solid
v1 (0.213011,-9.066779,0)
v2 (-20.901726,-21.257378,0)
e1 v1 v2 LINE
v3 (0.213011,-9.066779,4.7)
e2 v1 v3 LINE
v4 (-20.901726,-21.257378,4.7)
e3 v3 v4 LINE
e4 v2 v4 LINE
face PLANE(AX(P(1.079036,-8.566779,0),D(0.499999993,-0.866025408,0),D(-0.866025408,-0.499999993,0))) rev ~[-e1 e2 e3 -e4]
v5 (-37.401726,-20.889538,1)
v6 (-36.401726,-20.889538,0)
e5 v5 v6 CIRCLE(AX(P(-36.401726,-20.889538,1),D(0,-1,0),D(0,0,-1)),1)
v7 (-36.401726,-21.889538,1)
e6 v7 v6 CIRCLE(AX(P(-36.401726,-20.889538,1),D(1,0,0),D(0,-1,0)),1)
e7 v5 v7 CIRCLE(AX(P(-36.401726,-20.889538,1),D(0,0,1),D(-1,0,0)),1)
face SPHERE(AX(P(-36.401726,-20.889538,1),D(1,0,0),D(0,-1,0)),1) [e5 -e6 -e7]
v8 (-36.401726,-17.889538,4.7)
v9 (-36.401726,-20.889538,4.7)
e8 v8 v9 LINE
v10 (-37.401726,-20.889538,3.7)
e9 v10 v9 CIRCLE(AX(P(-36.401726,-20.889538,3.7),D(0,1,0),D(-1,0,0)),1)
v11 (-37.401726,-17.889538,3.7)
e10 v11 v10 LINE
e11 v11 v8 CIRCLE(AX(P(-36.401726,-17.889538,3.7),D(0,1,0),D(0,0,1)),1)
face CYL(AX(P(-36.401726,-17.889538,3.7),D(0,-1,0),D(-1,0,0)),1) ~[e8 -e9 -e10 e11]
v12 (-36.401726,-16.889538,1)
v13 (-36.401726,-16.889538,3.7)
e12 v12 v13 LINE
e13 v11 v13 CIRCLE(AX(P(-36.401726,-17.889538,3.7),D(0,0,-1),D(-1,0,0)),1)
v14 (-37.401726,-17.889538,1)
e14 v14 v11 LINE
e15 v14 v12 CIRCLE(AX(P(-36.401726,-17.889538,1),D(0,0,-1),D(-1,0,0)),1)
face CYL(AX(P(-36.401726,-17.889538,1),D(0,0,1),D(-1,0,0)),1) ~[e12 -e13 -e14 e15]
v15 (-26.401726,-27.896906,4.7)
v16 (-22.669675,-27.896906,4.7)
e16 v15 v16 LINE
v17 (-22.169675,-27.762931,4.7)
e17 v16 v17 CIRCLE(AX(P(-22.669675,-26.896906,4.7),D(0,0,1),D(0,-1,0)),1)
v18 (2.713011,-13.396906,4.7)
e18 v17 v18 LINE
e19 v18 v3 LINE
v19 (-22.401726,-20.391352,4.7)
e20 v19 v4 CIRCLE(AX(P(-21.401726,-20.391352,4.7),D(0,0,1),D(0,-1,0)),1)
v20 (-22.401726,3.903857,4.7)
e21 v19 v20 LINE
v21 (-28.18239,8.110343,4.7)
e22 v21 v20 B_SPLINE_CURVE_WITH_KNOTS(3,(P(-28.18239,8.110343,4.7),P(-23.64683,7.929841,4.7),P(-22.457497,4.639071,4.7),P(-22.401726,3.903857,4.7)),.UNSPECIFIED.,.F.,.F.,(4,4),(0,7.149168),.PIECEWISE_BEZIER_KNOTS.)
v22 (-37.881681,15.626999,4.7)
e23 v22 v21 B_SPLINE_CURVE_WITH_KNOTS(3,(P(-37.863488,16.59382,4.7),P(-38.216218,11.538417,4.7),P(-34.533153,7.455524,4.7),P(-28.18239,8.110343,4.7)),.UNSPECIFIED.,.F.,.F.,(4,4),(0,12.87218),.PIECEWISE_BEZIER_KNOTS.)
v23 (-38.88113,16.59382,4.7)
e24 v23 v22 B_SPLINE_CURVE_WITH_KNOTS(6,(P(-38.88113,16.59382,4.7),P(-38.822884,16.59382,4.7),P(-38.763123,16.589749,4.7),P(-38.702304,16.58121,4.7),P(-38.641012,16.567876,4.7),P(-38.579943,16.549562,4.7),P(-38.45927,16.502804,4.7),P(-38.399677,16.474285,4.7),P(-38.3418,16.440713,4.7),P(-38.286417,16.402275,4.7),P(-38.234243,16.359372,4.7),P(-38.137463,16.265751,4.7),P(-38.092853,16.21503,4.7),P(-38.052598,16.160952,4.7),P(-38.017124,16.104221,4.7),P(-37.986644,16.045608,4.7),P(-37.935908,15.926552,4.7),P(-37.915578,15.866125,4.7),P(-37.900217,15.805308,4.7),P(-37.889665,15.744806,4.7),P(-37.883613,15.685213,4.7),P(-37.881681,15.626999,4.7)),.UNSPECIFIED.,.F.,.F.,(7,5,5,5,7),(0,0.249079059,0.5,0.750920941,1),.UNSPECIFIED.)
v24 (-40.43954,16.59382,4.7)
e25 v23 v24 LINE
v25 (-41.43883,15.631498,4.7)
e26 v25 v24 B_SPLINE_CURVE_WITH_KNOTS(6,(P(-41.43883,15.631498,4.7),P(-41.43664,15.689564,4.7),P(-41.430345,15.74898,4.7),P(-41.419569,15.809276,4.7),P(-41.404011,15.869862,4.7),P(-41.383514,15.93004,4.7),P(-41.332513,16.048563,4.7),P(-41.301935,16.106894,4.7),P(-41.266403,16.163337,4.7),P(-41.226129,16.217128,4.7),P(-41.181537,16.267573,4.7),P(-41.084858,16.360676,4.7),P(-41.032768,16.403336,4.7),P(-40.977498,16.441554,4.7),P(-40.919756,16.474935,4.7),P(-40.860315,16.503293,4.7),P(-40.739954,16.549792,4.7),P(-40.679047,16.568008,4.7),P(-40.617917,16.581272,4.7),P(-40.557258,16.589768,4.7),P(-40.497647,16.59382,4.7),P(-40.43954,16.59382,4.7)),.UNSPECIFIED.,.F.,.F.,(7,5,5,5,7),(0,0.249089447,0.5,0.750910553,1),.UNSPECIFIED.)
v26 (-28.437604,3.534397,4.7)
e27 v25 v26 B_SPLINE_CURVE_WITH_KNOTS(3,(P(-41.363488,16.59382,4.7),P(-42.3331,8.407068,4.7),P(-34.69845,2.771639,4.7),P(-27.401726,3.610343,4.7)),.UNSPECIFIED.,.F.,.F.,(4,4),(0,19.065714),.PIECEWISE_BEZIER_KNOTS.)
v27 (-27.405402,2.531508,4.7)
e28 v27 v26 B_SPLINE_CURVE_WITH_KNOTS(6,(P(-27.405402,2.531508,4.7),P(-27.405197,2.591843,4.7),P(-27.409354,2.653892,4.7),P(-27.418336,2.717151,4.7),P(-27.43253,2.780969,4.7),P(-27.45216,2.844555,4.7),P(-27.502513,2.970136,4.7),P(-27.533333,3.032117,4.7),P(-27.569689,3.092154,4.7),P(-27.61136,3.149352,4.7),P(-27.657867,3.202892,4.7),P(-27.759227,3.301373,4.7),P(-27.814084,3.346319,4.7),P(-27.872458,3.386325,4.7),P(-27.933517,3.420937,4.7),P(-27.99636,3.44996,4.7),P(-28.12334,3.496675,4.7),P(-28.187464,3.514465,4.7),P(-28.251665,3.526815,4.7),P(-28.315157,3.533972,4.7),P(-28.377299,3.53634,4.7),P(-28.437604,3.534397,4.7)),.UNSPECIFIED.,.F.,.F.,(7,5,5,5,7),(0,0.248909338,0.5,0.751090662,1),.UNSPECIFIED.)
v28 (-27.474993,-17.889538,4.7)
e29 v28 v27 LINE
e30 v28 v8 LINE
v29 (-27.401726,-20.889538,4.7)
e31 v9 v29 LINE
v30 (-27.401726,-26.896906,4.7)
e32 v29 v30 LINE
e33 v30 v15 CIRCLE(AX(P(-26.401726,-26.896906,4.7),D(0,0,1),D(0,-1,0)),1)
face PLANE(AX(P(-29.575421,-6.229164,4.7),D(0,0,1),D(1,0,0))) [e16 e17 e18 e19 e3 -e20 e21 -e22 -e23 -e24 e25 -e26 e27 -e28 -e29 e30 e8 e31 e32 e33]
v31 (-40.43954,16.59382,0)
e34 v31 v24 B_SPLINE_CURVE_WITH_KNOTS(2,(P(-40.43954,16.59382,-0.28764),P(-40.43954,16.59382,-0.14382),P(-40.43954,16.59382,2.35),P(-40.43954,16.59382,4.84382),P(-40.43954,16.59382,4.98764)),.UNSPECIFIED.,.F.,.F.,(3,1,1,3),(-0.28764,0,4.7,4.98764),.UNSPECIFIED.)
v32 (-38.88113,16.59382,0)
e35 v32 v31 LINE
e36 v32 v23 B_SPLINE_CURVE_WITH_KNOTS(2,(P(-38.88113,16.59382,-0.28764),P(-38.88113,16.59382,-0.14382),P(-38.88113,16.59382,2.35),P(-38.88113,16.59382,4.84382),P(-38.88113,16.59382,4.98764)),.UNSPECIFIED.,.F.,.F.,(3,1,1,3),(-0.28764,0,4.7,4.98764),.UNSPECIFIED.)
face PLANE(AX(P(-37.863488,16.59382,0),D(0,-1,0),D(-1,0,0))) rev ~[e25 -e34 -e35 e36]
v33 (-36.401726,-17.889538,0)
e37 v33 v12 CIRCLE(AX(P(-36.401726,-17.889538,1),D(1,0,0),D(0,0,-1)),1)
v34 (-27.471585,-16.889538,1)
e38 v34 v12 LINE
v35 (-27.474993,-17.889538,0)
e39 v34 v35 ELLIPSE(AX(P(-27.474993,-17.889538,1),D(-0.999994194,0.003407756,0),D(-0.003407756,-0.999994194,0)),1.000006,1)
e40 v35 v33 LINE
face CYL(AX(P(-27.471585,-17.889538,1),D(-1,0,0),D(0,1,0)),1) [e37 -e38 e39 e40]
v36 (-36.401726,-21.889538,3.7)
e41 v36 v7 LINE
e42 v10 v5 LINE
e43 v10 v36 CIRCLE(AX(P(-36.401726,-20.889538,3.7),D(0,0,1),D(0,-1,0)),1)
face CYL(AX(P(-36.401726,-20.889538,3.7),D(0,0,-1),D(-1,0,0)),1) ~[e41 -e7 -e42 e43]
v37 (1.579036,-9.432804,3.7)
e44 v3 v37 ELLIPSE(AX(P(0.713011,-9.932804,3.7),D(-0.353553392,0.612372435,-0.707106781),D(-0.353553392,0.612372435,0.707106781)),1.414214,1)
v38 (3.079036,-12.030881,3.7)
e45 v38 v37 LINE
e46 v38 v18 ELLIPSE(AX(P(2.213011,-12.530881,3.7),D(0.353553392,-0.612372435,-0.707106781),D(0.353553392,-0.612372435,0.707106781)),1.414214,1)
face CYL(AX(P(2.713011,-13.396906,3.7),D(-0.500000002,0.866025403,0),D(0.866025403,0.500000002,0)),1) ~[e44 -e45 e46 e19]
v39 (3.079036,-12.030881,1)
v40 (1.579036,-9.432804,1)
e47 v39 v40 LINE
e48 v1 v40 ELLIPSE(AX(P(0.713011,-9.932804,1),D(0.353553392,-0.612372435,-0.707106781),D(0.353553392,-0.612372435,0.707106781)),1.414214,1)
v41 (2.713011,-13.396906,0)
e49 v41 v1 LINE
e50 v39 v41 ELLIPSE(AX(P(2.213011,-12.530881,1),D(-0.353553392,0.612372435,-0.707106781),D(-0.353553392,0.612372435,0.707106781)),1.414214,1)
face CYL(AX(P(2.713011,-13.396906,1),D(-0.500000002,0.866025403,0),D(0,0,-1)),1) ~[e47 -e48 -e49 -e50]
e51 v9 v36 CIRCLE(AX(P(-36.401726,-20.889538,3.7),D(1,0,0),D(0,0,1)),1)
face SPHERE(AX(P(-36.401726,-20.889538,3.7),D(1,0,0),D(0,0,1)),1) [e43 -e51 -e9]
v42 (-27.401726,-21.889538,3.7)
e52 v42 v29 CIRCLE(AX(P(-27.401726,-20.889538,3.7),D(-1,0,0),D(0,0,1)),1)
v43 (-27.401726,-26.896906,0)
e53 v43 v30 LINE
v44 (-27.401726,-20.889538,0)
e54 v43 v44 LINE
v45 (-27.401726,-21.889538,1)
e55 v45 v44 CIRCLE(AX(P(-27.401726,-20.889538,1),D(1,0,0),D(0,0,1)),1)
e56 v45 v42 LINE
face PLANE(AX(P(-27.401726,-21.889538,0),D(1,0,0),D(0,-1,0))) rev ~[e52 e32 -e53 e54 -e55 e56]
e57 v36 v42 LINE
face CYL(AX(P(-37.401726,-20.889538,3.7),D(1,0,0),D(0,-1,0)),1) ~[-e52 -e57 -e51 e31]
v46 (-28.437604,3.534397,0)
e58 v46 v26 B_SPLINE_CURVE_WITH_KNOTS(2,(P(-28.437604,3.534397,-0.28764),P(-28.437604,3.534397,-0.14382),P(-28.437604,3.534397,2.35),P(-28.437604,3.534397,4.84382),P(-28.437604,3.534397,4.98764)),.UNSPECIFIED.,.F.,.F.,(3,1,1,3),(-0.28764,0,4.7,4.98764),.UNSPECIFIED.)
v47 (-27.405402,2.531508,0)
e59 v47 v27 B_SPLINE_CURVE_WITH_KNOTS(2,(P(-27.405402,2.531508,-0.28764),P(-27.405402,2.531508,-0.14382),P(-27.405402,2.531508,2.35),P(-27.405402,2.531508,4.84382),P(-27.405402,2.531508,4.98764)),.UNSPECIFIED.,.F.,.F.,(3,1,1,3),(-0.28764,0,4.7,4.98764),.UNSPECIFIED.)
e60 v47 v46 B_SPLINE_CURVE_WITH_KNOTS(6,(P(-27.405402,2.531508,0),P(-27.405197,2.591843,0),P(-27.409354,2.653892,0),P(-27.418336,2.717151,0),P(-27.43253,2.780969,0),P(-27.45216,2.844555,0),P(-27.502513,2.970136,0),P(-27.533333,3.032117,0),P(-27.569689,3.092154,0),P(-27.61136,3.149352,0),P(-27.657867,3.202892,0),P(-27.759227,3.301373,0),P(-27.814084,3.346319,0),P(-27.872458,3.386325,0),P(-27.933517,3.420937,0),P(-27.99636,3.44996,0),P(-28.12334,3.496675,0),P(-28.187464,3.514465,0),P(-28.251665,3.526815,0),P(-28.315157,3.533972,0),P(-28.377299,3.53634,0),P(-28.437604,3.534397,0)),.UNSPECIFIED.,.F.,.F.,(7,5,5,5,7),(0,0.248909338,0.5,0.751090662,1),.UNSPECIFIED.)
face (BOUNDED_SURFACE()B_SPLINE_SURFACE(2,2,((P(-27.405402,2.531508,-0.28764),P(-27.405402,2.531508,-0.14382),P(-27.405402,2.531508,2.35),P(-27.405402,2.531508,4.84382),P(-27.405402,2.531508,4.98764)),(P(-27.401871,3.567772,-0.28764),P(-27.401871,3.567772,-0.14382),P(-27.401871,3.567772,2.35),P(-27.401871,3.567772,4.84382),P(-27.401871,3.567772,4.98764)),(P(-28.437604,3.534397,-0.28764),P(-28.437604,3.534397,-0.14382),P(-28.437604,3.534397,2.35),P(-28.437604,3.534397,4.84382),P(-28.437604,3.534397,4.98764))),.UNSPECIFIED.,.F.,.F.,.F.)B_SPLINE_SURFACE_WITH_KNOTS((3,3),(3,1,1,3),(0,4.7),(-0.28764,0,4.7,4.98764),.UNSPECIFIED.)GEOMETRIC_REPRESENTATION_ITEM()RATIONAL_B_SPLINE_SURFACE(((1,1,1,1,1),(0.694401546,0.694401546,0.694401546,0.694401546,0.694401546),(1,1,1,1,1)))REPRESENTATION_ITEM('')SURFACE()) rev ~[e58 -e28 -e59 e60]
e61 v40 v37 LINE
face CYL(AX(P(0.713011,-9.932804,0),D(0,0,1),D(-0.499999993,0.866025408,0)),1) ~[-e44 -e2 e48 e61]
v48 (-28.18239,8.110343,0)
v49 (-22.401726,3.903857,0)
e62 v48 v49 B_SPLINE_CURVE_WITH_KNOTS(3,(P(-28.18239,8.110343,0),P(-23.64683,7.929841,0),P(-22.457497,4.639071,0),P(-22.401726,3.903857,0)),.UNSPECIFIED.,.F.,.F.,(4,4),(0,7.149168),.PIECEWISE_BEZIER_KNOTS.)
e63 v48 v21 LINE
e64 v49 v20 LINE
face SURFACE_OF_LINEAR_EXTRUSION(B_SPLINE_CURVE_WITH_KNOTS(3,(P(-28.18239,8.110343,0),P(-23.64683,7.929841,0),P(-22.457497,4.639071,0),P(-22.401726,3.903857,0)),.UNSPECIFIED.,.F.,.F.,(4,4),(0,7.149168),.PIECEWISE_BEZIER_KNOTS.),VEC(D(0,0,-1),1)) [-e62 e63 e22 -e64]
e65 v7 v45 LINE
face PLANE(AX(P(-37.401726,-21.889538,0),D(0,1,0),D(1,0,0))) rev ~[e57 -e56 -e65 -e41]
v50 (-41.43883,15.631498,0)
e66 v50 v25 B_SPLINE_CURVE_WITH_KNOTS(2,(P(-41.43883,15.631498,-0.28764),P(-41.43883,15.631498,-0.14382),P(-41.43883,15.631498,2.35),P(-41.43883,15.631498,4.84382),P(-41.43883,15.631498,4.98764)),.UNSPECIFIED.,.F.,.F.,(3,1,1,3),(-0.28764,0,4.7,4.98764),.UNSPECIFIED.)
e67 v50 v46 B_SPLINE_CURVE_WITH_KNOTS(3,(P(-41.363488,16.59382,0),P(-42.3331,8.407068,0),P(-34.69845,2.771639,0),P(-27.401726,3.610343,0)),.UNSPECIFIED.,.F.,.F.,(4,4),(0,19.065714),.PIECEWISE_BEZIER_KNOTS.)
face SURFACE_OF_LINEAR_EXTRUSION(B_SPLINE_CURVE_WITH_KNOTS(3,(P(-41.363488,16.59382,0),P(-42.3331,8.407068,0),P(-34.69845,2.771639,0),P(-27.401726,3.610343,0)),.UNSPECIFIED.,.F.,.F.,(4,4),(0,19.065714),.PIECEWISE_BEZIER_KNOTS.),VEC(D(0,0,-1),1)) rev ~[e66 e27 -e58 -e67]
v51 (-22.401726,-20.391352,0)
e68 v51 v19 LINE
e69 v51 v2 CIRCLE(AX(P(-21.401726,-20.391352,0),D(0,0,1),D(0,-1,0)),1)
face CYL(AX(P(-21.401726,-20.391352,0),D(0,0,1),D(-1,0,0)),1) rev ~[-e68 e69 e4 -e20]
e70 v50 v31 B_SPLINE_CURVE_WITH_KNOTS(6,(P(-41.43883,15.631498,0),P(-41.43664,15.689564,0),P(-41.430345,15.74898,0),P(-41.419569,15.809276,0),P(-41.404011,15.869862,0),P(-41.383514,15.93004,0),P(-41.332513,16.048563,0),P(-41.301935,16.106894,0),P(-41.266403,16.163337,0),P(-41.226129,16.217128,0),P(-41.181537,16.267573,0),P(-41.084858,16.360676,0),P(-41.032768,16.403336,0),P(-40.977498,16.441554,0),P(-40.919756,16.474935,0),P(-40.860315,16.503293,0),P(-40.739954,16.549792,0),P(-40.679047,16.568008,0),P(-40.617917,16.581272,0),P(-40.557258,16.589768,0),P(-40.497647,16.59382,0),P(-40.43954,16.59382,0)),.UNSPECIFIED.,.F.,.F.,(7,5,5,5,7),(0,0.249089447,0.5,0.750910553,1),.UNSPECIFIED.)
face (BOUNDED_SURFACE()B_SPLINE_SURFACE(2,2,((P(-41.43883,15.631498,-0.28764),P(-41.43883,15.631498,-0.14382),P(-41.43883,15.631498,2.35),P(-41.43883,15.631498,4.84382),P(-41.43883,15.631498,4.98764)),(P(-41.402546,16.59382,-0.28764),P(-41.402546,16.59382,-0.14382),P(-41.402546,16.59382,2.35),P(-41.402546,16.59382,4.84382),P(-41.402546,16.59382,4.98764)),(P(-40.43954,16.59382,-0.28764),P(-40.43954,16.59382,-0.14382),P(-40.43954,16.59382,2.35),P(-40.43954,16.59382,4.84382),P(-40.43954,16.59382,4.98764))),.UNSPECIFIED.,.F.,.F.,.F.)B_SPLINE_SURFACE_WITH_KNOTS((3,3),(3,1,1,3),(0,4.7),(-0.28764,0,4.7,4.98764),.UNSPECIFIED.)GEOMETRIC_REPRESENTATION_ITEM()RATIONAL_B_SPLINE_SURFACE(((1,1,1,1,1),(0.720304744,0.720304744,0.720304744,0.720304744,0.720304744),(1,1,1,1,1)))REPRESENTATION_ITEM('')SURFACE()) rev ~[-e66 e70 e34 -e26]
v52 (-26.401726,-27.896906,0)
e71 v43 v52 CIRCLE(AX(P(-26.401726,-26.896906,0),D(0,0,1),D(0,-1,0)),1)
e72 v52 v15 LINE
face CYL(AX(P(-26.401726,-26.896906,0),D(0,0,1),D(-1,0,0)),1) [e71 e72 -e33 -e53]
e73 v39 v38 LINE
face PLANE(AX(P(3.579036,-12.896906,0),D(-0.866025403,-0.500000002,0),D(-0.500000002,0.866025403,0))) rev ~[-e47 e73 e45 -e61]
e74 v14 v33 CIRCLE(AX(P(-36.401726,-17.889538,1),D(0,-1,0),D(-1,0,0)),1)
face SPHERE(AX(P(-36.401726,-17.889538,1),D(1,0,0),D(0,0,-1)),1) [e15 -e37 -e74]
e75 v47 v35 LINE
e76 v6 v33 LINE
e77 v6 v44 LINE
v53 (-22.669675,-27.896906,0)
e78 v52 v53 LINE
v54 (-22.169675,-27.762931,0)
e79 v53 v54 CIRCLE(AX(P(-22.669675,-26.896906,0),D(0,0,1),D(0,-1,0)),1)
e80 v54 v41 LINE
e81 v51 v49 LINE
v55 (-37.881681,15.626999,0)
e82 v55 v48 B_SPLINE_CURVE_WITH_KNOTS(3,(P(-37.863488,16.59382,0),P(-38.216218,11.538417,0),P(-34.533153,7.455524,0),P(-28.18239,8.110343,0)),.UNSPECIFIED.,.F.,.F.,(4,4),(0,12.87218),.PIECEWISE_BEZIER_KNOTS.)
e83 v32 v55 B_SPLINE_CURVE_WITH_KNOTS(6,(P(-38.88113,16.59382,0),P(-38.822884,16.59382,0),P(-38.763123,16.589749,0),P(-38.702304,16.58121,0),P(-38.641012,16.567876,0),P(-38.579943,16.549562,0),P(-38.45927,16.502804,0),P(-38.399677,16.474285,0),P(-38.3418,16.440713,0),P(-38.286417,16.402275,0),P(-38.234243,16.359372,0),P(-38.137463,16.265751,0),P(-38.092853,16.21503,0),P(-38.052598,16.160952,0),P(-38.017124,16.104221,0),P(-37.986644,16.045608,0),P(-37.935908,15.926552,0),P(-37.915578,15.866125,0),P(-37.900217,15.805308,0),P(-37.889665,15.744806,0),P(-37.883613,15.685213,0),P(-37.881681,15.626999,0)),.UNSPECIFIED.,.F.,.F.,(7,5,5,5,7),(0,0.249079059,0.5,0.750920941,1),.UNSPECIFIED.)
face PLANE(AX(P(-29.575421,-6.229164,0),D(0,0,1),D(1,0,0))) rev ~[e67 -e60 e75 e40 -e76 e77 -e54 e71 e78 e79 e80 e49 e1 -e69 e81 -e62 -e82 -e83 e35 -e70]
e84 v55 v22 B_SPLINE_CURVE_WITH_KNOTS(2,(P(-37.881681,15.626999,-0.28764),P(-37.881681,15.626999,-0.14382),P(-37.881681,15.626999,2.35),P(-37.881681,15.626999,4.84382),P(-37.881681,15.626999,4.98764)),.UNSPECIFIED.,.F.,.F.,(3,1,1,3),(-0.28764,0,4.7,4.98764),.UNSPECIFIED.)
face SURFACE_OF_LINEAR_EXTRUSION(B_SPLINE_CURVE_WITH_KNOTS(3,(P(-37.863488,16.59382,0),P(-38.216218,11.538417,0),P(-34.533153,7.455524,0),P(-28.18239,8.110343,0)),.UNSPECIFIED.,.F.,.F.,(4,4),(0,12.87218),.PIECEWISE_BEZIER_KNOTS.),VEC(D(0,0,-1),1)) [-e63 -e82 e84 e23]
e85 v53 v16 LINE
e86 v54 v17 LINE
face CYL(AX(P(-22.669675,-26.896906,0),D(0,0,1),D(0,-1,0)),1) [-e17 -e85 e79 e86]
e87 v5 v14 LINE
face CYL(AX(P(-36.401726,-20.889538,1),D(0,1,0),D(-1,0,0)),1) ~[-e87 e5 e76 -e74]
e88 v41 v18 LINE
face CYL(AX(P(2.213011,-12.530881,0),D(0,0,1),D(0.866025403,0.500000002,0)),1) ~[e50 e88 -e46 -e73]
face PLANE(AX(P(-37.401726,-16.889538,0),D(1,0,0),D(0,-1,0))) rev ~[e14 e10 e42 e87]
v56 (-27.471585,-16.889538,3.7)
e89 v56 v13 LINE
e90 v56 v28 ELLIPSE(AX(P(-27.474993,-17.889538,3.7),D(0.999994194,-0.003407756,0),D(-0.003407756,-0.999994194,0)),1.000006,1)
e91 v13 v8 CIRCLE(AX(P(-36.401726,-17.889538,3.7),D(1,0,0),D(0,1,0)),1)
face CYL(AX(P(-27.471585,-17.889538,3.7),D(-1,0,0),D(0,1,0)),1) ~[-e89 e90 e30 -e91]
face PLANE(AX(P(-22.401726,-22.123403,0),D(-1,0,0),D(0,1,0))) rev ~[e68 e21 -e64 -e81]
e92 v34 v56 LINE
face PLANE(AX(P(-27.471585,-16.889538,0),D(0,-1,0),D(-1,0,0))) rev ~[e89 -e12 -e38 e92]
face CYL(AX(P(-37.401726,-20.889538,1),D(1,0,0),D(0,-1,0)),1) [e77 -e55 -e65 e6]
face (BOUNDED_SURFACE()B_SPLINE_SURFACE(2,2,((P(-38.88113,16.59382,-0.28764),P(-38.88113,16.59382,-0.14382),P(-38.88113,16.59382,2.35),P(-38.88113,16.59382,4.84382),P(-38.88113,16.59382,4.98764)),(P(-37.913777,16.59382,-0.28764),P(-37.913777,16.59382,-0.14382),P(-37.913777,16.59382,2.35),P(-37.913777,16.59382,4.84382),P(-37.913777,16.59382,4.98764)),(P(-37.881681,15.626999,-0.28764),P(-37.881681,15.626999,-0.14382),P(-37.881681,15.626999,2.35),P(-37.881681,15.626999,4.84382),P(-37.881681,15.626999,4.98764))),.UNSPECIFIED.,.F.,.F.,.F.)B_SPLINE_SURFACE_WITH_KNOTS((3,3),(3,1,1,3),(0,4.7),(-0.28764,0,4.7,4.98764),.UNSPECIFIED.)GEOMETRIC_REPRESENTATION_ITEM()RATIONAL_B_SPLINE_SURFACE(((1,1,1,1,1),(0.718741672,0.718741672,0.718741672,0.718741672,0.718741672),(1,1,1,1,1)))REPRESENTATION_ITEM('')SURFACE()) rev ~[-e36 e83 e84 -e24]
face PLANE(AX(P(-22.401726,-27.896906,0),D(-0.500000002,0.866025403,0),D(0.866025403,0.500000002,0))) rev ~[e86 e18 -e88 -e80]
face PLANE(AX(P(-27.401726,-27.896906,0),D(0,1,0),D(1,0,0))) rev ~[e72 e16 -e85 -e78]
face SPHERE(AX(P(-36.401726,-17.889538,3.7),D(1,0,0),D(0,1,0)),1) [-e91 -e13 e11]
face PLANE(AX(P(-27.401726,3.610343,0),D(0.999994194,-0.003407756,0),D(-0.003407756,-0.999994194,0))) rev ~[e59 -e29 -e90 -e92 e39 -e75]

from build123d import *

# Parameters (mm, degrees)
F1_DEPTH = 4.7
F2_R     = 1
F3_R     = 1
F4_R     = 1
F5_R     = 1
F6_R     = 1
F7_R     = 1


with BuildPart() as f1:
    # F0 (on Top) → F1 (new body)
    with BuildSketch(Plane.XY):
        with BuildLine():
            Line((-37.863488, 16.59382), (-41.363488, 16.59382))
            add(Edge.make_bspline(
                [(-41.363488, 16.59382), (-42.3331, 8.407068), (-34.69845, 2.771639), (-27.401726, 3.610343)],
                knots=[0, 0, 0, 0, 19.065714, 19.065714, 19.065714, 19.065714], degree=3))
            Line((-27.401726, 3.610343), (-27.471585, -16.889538))
            Line((-27.471585, -16.889538), (-37.401726, -16.889538))
            Line((-37.401726, -16.889538), (-37.401726, -21.889538))
            Line((-37.401726, -21.889538), (-27.401726, -21.889538))
            Line((-27.401726, -21.889538), (-27.401726, -27.896906))
            Line((-27.401726, -27.896906), (-22.401726, -27.896906))
            Line((-22.401726, -27.896906), (-22.401726, -22.123403))
            Line((-22.401726, -22.123403), (-22.401726, 3.903857))
            add(Edge.make_bspline(
                [(-28.18239, 8.110343), (-23.64683, 7.929841), (-22.457497, 4.639071), (-22.401726, 3.903857)],
                knots=[0, 0, 0, 0, 7.149168, 7.149168, 7.149168, 7.149168], degree=3))
            add(Edge.make_bspline(
                [(-37.863488, 16.59382), (-38.216218, 11.538417), (-34.533153, 7.455524), (-28.18239, 8.110343)],
                knots=[0, 0, 0, 0, 12.87218, 12.87218, 12.87218, 12.87218], degree=3))
        make_face()
        Polygon((1.079036, -8.566779), (-22.401726, -22.123403), (-22.401726, -27.896906), (3.579036, -12.896906), align=None)
    extrude(amount=F1_DEPTH)

    # F2
    f2_edges = [f1.edges().sort_by_distance(p)[0] for p in [
        (-32.436655, -16.889538, 4.7),
        (-32.436655, -16.889538, 0),
        (-32.401726, -21.889538, 4.7),
        (-32.401726, -21.889538, 0),
    ]]
    fillet(f2_edges, radius=F2_R)

    # F3
    f3_edges = [f1.edges().sort_by_distance(p)[0] for p in [
        (-27.401726, -27.896906, 2.35),
        (-27.401726, 3.610343, 2.35),
    ]]
    fillet(f3_edges, radius=F3_R)

    # F4
    f4_edges = [f1.edges().sort_by_distance(p)[0] for p in [
        (-41.363488, 16.59382, 2.35),
        (-37.863488, 16.59382, 2.35),
    ]]
    fillet(f4_edges, radius=F4_R)

    # F5
    f5_edges = [f1.edges().sort_by_distance(p)[0] for p in [
        (-22.401726, -22.123403, 2.35),
        (1.079036, -8.566779, 2.35),
        (3.579036, -12.896906, 2.35),
        (2.329036, -10.731842, 0),
        (2.329036, -10.731842, 4.7),
    ]]
    fillet(f5_edges, radius=F5_R)

    # F6
    f6_edges = [f1.edges().sort_by_distance(p)[0] for p in [
        (-37.401726, -16.889538, 2.35),
        (-37.401726, -17.182431, 0.292893),
        (-37.401726, -17.182431, 4.407107),
        (-37.401726, -19.389538, 0),
        (-37.401726, -19.389538, 4.7),
        (-37.401726, -21.596644, 0.292893),
        (-37.401726, -21.596644, 4.407107),
        (-37.401726, -21.889538, 2.35),
    ]]
    fillet(f6_edges, radius=F6_R)

    # F7
    f7_edges = [f1.edges().sort_by_distance(p)[0] for p in [
        (-22.401726, -27.896906, 2.35),
    ]]
    fillet(f7_edges, radius=F7_R)


solid = f1.part
